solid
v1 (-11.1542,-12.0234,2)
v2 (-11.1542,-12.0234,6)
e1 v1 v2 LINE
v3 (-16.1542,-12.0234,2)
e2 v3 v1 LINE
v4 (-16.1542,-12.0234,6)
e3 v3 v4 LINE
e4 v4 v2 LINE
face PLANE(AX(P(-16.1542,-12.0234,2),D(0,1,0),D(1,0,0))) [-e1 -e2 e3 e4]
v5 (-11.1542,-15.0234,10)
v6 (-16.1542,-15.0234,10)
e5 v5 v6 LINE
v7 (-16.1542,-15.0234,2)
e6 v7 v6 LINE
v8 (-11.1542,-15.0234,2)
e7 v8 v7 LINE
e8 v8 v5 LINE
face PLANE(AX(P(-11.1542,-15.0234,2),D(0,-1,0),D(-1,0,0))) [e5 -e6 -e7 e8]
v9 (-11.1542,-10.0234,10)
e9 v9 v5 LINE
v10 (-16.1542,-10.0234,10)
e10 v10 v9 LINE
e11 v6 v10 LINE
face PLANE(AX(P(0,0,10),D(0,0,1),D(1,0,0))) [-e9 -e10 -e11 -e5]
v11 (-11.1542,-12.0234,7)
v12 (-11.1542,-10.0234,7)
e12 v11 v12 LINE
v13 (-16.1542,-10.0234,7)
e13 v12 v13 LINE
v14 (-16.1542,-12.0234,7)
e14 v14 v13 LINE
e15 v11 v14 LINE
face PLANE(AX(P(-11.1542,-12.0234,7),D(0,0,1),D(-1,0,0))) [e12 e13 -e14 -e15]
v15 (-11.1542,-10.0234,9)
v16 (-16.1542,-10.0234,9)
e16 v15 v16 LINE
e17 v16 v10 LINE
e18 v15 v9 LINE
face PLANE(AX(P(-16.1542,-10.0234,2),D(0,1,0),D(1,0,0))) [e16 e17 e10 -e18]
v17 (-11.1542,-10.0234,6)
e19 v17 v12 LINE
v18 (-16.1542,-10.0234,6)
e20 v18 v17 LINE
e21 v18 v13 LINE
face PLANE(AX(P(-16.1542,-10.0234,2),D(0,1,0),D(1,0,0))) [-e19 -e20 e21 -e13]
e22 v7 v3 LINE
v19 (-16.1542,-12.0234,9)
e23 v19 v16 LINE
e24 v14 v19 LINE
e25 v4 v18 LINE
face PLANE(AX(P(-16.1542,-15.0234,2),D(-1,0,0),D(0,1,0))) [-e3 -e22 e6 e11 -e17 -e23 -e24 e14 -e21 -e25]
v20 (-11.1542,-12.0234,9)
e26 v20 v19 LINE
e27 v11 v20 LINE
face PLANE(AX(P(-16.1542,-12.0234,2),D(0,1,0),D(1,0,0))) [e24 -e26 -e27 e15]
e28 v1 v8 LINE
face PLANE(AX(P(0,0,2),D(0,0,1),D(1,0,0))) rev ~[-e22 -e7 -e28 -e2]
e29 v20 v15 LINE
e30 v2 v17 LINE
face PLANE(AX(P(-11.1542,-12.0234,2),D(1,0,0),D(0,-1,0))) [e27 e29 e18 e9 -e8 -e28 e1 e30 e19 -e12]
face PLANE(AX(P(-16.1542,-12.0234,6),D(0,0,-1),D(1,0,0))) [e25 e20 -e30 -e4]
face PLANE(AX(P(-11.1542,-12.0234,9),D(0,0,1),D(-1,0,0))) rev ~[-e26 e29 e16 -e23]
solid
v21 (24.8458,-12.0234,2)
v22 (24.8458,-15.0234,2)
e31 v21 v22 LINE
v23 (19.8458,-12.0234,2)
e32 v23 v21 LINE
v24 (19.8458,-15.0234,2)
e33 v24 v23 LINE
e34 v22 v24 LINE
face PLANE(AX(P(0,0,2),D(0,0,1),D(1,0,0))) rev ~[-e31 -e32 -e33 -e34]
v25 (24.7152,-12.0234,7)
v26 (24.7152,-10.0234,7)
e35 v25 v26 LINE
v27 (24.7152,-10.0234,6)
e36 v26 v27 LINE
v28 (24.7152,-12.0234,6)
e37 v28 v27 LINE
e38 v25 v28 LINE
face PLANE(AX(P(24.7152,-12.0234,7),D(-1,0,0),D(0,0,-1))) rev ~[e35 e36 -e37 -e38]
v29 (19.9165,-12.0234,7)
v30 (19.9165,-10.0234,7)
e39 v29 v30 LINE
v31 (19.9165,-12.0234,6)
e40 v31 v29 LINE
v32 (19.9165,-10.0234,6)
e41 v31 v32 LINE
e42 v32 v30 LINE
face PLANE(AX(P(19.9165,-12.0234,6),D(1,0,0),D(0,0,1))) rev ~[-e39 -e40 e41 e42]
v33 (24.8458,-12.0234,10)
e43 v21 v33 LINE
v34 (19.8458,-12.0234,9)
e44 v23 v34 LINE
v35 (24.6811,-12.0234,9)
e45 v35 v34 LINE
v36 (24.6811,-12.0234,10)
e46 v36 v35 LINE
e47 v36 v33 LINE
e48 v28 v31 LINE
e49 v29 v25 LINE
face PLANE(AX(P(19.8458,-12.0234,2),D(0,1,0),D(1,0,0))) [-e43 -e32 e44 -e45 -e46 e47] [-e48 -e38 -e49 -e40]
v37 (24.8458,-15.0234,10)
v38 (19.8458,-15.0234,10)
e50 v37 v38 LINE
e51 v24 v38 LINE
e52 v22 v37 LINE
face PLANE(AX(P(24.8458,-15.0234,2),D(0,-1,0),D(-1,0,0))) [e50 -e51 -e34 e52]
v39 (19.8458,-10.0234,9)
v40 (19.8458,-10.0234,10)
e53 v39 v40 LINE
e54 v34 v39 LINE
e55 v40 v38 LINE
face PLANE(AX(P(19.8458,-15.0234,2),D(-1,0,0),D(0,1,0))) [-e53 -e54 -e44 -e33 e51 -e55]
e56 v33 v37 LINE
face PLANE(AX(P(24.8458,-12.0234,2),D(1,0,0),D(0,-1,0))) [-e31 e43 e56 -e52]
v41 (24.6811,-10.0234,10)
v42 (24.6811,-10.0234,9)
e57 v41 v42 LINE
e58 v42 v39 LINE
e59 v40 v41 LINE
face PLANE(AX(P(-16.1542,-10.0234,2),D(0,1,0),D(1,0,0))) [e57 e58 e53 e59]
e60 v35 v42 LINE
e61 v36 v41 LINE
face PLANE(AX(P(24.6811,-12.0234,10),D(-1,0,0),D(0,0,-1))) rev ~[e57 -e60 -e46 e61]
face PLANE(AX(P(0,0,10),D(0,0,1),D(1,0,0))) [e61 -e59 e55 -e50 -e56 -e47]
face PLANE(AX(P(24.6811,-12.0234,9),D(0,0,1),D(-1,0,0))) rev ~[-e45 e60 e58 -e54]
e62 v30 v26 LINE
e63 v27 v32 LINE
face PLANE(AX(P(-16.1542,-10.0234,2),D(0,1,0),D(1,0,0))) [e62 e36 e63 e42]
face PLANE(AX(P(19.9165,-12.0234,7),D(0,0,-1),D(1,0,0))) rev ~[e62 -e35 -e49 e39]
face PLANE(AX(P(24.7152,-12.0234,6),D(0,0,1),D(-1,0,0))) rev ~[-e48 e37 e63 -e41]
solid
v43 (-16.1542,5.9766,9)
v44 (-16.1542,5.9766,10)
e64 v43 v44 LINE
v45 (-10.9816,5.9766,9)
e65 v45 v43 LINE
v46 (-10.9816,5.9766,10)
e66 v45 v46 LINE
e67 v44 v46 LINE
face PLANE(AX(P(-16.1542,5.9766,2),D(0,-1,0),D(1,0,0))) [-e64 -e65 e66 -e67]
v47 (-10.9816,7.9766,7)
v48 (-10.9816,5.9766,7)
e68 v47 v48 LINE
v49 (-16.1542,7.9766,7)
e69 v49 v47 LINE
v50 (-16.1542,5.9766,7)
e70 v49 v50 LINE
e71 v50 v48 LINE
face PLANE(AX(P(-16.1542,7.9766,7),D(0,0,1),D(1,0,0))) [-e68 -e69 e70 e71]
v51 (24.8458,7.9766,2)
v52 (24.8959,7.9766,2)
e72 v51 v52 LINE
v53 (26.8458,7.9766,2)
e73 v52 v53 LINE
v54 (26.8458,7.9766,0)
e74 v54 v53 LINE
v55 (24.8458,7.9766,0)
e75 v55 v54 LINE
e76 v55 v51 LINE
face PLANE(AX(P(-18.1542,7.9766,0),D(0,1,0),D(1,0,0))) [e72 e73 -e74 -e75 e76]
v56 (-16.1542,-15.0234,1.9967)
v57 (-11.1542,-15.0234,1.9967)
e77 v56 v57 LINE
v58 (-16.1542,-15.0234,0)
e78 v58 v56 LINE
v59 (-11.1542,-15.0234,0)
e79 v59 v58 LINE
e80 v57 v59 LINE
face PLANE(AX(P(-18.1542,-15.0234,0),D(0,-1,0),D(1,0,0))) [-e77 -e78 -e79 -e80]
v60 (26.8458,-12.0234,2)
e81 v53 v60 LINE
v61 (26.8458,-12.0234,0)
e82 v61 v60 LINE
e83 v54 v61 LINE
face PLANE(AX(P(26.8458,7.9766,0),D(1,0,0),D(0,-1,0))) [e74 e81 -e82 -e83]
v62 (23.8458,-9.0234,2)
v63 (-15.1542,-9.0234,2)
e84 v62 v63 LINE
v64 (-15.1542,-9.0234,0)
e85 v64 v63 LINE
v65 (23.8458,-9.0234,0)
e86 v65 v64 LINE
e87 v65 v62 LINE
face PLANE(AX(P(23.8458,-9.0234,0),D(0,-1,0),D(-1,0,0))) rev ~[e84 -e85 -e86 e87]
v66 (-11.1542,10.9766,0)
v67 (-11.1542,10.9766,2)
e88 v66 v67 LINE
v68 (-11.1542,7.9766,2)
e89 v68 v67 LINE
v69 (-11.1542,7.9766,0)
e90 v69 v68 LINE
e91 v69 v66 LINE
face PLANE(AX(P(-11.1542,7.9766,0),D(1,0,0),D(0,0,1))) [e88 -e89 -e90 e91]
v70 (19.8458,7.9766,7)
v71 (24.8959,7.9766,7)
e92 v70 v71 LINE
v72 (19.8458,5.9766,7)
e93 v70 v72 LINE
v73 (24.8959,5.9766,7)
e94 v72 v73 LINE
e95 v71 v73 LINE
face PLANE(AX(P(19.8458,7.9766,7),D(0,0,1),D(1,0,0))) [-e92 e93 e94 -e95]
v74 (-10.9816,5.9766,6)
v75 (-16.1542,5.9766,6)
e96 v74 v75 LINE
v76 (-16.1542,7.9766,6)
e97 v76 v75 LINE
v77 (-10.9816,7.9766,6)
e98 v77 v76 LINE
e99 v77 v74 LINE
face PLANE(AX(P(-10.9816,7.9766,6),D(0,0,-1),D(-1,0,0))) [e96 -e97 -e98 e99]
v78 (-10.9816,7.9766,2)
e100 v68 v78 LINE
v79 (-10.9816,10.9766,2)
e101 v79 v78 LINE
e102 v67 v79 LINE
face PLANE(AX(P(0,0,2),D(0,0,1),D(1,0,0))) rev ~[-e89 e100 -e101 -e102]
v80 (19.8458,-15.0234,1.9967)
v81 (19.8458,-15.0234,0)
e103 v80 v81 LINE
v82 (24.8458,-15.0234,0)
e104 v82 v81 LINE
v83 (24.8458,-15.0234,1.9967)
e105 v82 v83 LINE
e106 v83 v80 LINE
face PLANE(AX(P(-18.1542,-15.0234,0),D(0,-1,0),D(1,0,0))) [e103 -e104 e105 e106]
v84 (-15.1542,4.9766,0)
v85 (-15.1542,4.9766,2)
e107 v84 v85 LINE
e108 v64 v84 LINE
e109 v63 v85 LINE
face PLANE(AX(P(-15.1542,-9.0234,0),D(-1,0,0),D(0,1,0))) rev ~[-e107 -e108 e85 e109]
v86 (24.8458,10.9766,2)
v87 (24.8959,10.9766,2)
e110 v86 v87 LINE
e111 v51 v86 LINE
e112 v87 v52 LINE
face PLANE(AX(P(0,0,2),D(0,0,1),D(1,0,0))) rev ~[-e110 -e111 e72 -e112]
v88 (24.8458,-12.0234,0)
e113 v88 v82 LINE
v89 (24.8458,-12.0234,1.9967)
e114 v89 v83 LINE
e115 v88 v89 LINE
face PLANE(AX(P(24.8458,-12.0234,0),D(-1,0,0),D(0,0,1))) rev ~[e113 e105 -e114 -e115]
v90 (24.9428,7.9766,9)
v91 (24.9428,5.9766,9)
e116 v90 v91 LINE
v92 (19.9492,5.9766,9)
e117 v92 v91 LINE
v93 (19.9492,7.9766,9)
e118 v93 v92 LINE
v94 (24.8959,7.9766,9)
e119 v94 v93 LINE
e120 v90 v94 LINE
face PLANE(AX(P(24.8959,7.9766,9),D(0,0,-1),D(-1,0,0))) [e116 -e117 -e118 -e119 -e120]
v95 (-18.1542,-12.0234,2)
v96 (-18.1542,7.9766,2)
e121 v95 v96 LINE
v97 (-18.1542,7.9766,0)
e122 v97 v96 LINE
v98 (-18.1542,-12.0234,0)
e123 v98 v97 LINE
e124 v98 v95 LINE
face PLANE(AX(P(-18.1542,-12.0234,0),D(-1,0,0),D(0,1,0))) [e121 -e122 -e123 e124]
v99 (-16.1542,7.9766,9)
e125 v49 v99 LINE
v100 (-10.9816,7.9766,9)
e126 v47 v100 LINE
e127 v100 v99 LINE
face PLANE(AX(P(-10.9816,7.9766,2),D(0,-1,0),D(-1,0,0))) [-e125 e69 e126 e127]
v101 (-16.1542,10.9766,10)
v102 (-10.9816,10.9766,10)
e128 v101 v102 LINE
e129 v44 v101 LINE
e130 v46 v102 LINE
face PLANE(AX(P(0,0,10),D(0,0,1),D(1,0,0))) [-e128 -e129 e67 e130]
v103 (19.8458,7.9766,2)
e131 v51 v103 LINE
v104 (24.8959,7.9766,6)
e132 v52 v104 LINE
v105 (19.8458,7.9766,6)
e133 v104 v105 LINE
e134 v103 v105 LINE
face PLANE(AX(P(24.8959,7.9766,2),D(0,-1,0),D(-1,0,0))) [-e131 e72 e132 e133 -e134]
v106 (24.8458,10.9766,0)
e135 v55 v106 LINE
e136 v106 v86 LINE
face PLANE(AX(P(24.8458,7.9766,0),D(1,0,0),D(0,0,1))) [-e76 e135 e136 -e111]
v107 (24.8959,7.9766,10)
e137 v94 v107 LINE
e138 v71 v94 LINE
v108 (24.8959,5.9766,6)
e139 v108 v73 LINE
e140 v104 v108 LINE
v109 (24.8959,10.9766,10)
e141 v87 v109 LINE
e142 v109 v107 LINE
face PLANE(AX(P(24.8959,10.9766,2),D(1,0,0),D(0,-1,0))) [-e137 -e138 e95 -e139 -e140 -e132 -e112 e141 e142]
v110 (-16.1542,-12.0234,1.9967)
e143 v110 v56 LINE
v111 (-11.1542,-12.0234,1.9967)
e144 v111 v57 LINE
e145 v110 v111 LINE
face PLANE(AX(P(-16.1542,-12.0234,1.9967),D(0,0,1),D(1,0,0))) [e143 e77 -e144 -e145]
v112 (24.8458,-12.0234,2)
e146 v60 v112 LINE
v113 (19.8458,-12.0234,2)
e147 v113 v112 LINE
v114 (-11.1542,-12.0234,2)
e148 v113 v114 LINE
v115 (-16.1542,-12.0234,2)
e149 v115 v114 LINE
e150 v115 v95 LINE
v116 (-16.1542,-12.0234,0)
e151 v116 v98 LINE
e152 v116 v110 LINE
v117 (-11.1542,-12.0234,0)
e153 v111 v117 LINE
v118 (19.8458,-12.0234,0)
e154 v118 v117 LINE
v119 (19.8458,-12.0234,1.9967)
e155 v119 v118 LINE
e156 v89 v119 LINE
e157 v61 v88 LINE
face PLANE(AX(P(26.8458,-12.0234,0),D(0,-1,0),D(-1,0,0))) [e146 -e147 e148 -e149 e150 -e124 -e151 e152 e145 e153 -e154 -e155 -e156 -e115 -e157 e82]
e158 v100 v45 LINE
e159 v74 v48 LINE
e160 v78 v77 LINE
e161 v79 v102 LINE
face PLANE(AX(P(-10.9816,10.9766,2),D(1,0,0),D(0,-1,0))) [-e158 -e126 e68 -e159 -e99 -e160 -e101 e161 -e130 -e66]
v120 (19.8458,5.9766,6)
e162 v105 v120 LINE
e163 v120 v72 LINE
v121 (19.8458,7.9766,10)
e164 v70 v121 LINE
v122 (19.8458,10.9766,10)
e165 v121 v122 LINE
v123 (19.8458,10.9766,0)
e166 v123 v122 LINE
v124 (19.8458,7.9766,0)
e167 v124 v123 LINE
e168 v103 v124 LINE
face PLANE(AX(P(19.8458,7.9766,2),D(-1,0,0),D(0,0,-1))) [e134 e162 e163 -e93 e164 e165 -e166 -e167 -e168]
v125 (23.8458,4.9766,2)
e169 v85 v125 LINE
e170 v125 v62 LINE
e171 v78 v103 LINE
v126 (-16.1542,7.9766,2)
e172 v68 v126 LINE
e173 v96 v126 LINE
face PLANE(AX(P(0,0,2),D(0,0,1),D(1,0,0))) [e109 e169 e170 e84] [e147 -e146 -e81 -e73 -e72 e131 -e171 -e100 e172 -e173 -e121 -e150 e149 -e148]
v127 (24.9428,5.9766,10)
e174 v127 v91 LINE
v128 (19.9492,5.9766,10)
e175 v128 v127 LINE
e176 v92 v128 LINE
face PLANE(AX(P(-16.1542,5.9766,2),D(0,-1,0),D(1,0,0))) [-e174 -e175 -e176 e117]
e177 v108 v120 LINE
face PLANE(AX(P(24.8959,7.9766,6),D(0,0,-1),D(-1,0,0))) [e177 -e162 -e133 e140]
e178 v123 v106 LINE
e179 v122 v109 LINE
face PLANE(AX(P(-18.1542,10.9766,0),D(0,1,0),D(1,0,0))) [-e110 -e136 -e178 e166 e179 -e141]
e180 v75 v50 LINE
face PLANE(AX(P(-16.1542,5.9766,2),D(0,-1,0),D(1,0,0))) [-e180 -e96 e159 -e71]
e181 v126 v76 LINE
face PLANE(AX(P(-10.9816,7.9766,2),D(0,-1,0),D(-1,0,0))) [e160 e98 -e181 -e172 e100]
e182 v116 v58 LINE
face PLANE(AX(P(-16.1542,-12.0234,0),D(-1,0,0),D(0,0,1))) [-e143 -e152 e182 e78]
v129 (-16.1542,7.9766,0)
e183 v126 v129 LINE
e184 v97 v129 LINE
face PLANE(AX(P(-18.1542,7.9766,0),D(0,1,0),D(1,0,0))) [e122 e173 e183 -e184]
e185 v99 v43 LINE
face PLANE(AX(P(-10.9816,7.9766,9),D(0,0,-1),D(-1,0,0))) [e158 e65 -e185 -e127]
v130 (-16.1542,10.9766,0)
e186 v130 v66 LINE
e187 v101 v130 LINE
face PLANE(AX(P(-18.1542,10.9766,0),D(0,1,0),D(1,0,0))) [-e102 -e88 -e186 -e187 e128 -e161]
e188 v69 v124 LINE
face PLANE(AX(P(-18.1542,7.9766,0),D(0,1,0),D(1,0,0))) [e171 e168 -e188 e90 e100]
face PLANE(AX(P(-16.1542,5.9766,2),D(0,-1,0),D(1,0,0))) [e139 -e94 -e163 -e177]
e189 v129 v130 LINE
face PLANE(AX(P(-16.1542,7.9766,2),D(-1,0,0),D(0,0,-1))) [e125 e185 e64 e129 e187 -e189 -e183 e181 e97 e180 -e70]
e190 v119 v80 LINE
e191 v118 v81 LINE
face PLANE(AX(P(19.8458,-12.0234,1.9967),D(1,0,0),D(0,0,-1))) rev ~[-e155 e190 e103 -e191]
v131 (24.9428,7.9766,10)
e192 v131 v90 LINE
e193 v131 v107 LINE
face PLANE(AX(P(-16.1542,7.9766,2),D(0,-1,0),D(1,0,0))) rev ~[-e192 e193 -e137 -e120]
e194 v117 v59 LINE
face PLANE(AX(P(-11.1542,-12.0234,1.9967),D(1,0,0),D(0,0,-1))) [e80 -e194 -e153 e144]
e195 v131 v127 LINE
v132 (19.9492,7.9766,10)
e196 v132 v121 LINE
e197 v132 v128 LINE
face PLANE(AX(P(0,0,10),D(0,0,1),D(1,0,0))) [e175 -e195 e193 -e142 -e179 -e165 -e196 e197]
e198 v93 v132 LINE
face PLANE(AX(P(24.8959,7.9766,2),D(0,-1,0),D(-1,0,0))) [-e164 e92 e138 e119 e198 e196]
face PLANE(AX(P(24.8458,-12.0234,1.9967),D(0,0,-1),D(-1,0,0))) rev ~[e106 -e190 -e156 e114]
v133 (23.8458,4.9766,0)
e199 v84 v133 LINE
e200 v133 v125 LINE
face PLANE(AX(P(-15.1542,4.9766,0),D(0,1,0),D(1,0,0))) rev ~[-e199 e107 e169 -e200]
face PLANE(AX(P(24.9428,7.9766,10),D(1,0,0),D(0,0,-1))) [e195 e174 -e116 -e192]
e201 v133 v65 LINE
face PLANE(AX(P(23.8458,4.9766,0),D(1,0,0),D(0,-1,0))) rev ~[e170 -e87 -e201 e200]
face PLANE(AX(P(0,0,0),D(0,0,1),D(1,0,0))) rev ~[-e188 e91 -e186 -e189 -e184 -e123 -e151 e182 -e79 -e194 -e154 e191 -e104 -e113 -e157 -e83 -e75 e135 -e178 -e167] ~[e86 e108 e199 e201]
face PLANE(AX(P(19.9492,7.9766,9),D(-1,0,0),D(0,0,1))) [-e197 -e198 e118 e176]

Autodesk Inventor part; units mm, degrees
ref_plane "YZ Plane" through (0, 0, 0) normal (1, 0, 0) x (0, 1, 0)
ref_plane "XZ Plane" through (0, 0, 0) normal (0, 1, 0) x (-1, 0, 0)
ref_plane "XY Plane" through (0, 0, 0) normal (0, 0, 1) x (1, 0, 0)
sketch "Sketch1" plane through (0, 0, 0) normal (0, 0, 1) x (1, 0, 0)
  line L0 (-18.1542, 7.9766) -> (26.8458, 7.9766)
  line L1 (26.8458, 7.9766) -> (26.8458, -12.0234)
  line L2 (26.8458, -12.0234) -> (-18.1542, -12.0234)
  line L3 (-18.1542, -12.0234) -> (-18.1542, 7.9766)
  line L4 (-15.1542, 4.9766) -> (23.8458, 4.9766)
  line L5 (23.8458, 4.9766) -> (23.8458, -9.0234)
  line L6 (23.8458, -9.0234) -> (-15.1542, -9.0234)
  line L7 (-15.1542, -9.0234) -> (-15.1542, 4.9766)
  point P0 (0, 0)
  dimension "d0" = 45
  dimension "d1" = 20
  dimension "d2" = 3
  dimension "d3" = 3
  dimension "d4" = 3
  dimension "d5" = 3
extrude "Extrusion1" add sketch "Sketch1" along normal blind 2
sketch "Sketch2" plane through (0, 0, 2) normal (0, 0, 1) x (1, 0, 0)
  point P0 (0, 0)
sketch "Sketch3" plane through (-18.1542, 7.9766, 0) normal (0, 1, 0) x (1, 0, 0)
  line L0 (3, -2) -> (42, -2) projected
  line L1 (2, 0) -> (7, 0)
  line L2 (7, 0) -> (7, -2)
  line L3 (7, -2) -> (2, -2)
  line L4 (2, -2) -> (2, 0)
  line L5 (42, 0) -> (3, 0) projected
  line L6 (45, -2) -> (0, -2) projected
  line L7 (38, 0) -> (43, 0)
  line L8 (43, 0) -> (43, -2)
  line L9 (43, -2) -> (38, -2)
  line L10 (38, -2) -> (38, 0)
  line L11 (0, 0) -> (0, -2) projected
  line L12 (45, 0) -> (45, -2) projected
  point P0 (18.1542, 0)
  dimension "d8" = 2
  dimension "d9" = 2
  dimension "d10" = 5
  dimension "d11" = 5
extrude "Extrusion2" add sketch "Sketch3" along normal blind 3 contours L3 L4 L1 L2 L0 | L10 L5 L7 L8 L6 L0
sketch "Sketch4" plane through (-18.1542, -12.0234, 0) normal (0, -1, 0) x (1, 0, 0)
  line L0 (45, 0) -> (0, 0) projected
  line L1 (2, 1.9967) -> (7, 1.9967)
  line L2 (7, 1.9967) -> (7, 0)
  line L3 (7, 0) -> (2, 0)
  line L4 (2, 0) -> (2, 1.9967)
  line L5 (43, 1.9967) -> (38, 1.9967)
  line L6 (38, 1.9967) -> (38, 0)
  line L7 (38, 0) -> (43, 0)
  line L8 (43, 0) -> (43, 1.9967)
  line L9 (45, 0) -> (45, 2) projected
  line L10 (0, 0) -> (0, 2) projected
  point P0 (18.1542, 0)
  dimension "d14" = 2
  dimension "d15" = 2
  dimension "d16" = 5
  dimension "d17" = 5
extrude "Extrusion3" add sketch "Sketch4" along normal blind 3
sketch "Sketch5" plane through (0, 0, 2) normal (0, 0, 1) x (1, 0, 0)
  point P0 (0, 0)
sketch "Sketch6" plane through (0, 0, 2) normal (0, 0, 1) x (1, 0, 0)
  line L0 (-16.1542, 10.9766) -> (-10.9816, 10.9766)
  line L1 (-10.9816, 10.9766) -> (-10.9816, 7.9766)
  line L2 (-10.9816, 7.9766) -> (-16.1542, 7.9766)
  line L3 (-16.1542, 7.9766) -> (-16.1542, 10.9766)
  line L4 (19.8458, 10.9766) -> (24.8959, 10.9766)
  line L5 (24.8959, 10.9766) -> (24.8959, 7.9766)
  line L6 (24.8959, 7.9766) -> (19.8458, 7.9766)
  line L7 (19.8458, 7.9766) -> (19.8458, 10.9766)
  line L8 (-18.1542, -12.0234) -> (26.8458, -12.0234) projected
  line L9 (-16.1542, -12.0234) -> (-11.1542, -12.0234)
  line L10 (-11.1542, -12.0234) -> (-11.1542, -15.0234)
  line L11 (-11.1542, -15.0234) -> (-16.1542, -15.0234)
  line L12 (-16.1542, -15.0234) -> (-16.1542, -12.0234)
  line L13 (19.8458, -12.0234) -> (24.8458, -12.0234)
  line L14 (24.8458, -12.0234) -> (24.8458, -15.0234)
  line L15 (24.8458, -15.0234) -> (19.8458, -15.0234)
  line L16 (19.8458, -15.0234) -> (19.8458, -12.0234)
  point P0 (0, 0)
extrude "Extrusion4" add sketch "Sketch6" along normal blind 8
sketch "Sketch7" plane through (-16.1542, -12.0234, 2) normal (0, 1, 0) x (1, 0, 0)
  line L0 (5, 0) -> (5, -8) projected
  line L1 (0, -8) -> (5, -8)
  line L2 (5, -8) -> (5, -7)
  line L3 (5, -7) -> (0, -7)
  line L4 (0, -7) -> (0, -8)
  line L5 (36, -8) -> (40.8353, -8)
  line L6 (40.8353, -8) -> (40.8353, -7)
  line L7 (40.8353, -7) -> (36, -7)
  line L8 (36, -7) -> (36, -8)
  point P0 (16.1542, 2)
  dimension "d22" = 1
  dimension "d23" = 1
extrude "Extrusion5" add sketch "Sketch7" along normal blind 2
sketch "Sketch8" plane through (-16.1542, -12.0234, 2) normal (0, 1, 0) x (1, 0, 0)
  line L0 (0, 0) -> (0, -8) projected
  line L1 (5, 0) -> (5, -8) projected
  line L2 (0, -4) -> (5, -4)
  line L3 (5, -4) -> (5, -5)
  line L4 (5, -5) -> (0, -5)
  line L5 (0, -5) -> (0, -4)
  line L6 (36.0707, -5) -> (40.8694, -5)
  line L7 (40.8694, -5) -> (40.8694, -4)
  line L8 (40.8694, -4) -> (36.0707, -4)
  line L9 (36.0707, -4) -> (36.0707, -5)
  line L10 (0, -7) -> (5, -7) projected
  point P0 (16.1542, 2)
  dimension "d26" = 1
  dimension "d27" = 2
extrude "Extrusion6" add sketch "Sketch8" along normal blind 2 contours L2 L1 L4 L0 | L9 L8 L7 L6
sketch "Sketch9" plane through (-16.1542, 7.9766, 2) normal (0, -1, 0) x (1, 0, 0)
  line L0 (5.1726, 0) -> (5.1726, 8) projected
  line L1 (0, 8) -> (5.1726, 8)
  line L2 (5.1726, 8) -> (5.1726, 7)
  line L3 (5.1726, 7) -> (0, 7)
  line L4 (0, 7) -> (0, 8)
  line L5 (0, 0) -> (0, 8) projected
  line L6 (0, 5) -> (5.1726, 5)
  line L7 (5.1726, 5) -> (5.1726, 4)
  line L8 (5.1726, 4) -> (0, 4)
  line L9 (0, 4) -> (0, 5)
  line L10 (36.1034, 8) -> (41.097, 8)
  line L11 (41.097, 8) -> (41.097, 7)
  line L12 (41.097, 7) -> (36.1034, 7)
  line L13 (36.1034, 7) -> (36.1034, 8)
  line L14 (36, 0) -> (36, 8) projected
  line L15 (41.0501, 0) -> (41.0501, 8) projected
  line L16 (36, 5) -> (41.0501, 5)
  line L17 (41.0501, 5) -> (41.0501, 4)
  line L18 (41.0501, 4) -> (36, 4)
  line L19 (36, 4) -> (36, 5)
  point P0 (16.1542, -2)
  dimension "d30" = 1
  dimension "d31" = 2
  dimension "d32" = 1
extrude "Extrusion7" add sketch "Sketch9" along normal blind 2 contours L8 L5 L6 L0 | L3 L4 L1 L0 | L15 L18 L14 L16 | L10 L15 L12 L13 | L10 L11 L12 L15
properties part number "Ultrasound Sensor Holder"
